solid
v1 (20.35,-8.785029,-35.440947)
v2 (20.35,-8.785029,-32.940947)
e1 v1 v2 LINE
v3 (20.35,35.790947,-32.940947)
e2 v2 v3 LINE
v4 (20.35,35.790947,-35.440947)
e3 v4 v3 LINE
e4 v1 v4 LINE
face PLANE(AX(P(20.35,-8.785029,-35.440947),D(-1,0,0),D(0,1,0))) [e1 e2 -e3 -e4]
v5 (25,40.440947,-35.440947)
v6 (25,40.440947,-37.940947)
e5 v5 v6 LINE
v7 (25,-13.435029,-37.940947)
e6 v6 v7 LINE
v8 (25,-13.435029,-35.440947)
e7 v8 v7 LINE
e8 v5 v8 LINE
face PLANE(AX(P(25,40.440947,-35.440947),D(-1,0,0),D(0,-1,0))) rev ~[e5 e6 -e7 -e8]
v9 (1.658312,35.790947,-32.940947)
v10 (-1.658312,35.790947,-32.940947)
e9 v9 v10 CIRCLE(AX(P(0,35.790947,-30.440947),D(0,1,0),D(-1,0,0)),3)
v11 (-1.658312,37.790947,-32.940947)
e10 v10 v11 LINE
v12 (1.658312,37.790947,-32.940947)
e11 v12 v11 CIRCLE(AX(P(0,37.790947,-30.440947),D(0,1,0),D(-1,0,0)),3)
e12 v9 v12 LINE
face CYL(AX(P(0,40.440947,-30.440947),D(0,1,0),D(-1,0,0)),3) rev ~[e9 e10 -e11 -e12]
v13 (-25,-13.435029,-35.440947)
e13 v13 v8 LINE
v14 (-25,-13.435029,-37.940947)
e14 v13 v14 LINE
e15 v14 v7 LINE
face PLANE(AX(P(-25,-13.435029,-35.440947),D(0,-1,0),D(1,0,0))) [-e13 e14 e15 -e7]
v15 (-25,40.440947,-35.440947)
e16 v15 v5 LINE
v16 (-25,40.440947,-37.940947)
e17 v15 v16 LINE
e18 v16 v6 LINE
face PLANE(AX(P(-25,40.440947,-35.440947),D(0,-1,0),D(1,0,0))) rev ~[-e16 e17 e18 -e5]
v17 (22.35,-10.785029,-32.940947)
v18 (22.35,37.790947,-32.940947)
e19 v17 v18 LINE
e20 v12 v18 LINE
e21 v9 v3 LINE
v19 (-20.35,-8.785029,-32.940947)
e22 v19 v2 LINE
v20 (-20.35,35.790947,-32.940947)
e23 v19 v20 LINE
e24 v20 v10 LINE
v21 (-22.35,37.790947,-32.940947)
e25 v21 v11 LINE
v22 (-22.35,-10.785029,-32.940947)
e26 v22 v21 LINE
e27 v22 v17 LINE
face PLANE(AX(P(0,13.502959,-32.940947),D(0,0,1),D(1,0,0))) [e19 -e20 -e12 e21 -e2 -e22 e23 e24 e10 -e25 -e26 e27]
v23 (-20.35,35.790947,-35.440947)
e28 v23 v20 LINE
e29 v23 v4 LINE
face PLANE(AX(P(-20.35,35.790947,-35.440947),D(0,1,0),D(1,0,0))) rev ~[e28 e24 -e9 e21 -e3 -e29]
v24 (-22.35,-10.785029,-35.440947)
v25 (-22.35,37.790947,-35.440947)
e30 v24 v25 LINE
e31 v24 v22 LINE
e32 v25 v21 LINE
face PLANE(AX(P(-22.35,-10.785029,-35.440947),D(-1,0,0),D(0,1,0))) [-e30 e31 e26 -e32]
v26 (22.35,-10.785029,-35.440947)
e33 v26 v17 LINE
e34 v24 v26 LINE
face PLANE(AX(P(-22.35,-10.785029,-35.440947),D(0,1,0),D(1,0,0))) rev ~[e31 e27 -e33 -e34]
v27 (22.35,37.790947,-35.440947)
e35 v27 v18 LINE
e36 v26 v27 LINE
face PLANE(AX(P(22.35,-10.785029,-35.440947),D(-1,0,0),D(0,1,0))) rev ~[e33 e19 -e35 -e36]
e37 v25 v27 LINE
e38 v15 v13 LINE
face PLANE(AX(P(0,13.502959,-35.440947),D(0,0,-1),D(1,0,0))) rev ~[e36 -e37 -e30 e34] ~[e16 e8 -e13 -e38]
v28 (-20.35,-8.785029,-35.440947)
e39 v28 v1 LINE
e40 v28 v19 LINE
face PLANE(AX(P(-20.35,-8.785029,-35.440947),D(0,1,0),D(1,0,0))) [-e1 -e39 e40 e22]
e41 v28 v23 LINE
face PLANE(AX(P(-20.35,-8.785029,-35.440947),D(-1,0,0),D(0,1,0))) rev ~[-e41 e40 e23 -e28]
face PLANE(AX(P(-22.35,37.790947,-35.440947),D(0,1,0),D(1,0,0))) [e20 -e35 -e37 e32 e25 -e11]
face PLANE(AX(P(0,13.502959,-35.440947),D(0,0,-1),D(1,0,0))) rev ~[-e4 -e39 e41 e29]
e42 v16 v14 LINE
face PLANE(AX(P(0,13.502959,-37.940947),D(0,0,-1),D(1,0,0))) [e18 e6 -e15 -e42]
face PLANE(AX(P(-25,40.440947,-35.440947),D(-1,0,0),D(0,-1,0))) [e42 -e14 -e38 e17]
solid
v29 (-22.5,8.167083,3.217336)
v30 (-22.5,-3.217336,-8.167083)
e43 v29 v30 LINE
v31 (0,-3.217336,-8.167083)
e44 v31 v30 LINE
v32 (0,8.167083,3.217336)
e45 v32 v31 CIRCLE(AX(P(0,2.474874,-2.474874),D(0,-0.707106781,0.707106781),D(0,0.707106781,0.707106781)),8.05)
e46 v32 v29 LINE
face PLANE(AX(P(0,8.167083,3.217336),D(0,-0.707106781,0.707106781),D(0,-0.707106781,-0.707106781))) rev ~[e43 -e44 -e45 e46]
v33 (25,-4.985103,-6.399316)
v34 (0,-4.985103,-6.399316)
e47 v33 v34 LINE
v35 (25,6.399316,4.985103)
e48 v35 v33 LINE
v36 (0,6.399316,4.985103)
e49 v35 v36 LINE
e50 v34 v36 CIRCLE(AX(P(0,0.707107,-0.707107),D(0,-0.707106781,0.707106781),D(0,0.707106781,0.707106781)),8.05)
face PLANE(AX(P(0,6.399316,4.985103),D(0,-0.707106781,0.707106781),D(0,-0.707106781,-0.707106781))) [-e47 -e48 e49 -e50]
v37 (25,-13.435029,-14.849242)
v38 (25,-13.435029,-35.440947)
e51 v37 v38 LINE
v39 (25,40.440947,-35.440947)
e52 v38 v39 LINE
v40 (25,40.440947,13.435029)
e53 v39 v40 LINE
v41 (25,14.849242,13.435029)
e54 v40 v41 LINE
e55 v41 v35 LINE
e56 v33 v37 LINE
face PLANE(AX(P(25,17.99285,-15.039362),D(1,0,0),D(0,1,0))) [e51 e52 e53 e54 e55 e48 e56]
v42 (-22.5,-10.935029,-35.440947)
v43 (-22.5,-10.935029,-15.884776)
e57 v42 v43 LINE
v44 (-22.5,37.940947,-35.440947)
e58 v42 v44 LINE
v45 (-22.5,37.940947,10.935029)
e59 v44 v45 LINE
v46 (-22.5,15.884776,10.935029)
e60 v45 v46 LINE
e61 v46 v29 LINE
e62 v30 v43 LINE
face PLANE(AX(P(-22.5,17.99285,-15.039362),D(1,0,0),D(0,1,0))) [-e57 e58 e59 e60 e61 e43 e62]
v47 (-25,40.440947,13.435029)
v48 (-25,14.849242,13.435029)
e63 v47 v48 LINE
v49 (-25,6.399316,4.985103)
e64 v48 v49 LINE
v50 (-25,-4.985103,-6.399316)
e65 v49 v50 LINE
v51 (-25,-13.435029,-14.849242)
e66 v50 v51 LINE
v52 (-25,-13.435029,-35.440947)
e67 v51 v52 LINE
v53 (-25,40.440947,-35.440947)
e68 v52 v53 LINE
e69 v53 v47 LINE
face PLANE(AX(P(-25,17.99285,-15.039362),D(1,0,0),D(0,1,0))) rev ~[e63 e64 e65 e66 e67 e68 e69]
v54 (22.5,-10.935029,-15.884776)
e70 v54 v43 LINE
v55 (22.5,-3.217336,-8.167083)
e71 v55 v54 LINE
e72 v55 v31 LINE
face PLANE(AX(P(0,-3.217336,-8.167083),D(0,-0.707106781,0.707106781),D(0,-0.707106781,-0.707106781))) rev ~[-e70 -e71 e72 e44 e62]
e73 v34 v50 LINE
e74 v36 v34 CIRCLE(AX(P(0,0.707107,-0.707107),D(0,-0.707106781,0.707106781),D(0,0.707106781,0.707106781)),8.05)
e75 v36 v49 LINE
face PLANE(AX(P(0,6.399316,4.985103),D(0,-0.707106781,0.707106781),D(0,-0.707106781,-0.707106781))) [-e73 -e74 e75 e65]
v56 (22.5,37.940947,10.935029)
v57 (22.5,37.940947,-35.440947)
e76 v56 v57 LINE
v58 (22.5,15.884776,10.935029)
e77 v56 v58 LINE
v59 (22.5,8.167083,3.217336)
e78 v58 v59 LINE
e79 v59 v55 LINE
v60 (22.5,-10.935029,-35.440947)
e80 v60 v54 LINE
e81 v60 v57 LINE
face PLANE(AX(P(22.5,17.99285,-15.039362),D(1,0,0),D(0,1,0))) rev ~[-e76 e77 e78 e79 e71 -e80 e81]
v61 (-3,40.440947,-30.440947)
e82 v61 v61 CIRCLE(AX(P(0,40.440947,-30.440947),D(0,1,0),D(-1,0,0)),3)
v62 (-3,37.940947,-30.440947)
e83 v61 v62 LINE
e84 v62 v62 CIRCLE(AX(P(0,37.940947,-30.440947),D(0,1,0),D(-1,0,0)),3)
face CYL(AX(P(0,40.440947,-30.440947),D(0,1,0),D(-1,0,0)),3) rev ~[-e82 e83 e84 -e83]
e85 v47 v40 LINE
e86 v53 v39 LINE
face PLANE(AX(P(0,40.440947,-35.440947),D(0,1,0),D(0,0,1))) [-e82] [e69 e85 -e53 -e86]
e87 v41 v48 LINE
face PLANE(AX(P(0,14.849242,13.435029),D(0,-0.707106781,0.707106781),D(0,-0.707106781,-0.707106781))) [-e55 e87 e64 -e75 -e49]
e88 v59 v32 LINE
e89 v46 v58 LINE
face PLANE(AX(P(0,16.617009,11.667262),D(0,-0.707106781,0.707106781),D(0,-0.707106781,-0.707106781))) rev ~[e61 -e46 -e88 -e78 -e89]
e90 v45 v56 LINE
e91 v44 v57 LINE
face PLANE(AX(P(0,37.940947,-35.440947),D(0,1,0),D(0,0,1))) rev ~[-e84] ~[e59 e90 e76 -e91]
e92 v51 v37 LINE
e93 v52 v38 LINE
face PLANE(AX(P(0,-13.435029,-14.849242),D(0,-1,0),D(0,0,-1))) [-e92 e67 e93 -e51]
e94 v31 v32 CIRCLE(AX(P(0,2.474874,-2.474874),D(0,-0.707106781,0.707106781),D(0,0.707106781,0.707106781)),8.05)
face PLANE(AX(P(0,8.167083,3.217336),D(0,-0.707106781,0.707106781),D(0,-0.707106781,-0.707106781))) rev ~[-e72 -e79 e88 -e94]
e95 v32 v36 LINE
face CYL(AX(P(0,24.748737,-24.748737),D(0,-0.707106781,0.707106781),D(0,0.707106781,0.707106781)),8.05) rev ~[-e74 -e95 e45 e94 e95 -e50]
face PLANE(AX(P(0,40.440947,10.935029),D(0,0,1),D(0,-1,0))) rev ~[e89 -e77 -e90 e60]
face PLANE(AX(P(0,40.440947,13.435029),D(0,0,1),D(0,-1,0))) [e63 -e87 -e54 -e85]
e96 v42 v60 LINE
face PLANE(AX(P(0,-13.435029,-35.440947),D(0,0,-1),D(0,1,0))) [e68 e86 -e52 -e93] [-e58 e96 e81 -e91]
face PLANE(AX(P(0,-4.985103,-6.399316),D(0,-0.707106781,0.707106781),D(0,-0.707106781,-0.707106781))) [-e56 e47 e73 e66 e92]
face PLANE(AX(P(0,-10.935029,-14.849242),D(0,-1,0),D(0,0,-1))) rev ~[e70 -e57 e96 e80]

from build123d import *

# Parameters (mm, degrees)
F3_DEPTH  = 25
F4_T      = -2.5
F6_W      = 50
F6_H      = 53.8759757726
F6_W_2    = 45
F6_H_2    = 48.8759757726
F7_DEPTH  = 2.5
F8_W      = 44.7
F8_H      = 48.5759757726
F8_W_2    = 40.7
F8_H_2    = 44.5759757726
F9_DEPTH  = 2.5
F10_R     = 3
F11_DEPTH = 25


with BuildPart() as f1:
    # F0 (on Right) → F1 (revolve)
    with BuildSketch(Plane.YZ):
        Polygon((5.6922095886, 5.6922095886), (0, 0), (24.7487373415, -24.7487373415), (30.4409469301, -19.056527753), align=None)
    revolve(axis=Axis((0, 12.3743686708, -12.3743686708), (0, -0.7071067812, 0.7071067812)))


with BuildPart() as f3:
    # F2 (on Right) → F3 (new body, symmetric)
    with BuildSketch(Plane.YZ):
        Polygon((-4.9851028074, -6.3993163697), (-13.4350288425, -14.8492424049), (-13.4350288425, -35.4409469301), (40.4409469301, -35.4409469301), (40.4409469301, 13.4350288425), (14.8492424049, 13.4350288425), (6.3993163697, 4.9851028074), (7.8135299321, 3.570889245), (15.6776695297, 11.4350288425), (38.4409469301, 11.4350288425), (38.4409469301, -33.4409469301), (-11.4350288425, -33.4409469301), (-11.4350288425, -15.6776695297), (-3.570889245, -7.8135299321), align=None)
        Polygon((6.3993163697, 4.9851028074), (-4.9851028074, -6.3993163697), (-3.570889245, -7.8135299321), (7.8135299321, 3.570889245), align=None)
        Polygon((7.8135299321, 3.570889245), (-3.570889245, -7.8135299321), (-11.4350288425, -15.6776695297), (-11.4350288425, -33.4409469301), (38.4409469301, -33.4409469301), (38.4409469301, 11.4350288425), (15.6776695297, 11.4350288425), align=None)
    extrude(amount=F3_DEPTH, both=True)

    # F4
    f4_openings = [f3.faces().sort_by_distance(p)[0] for p in [
        (0, 13.502959, -35.440947),
    ]]
    offset(amount=F4_T, openings=f4_openings)

    # F5: cut F1
    add(f1.part, mode=Mode.SUBTRACT)


with BuildPart() as f7:
    # F6 (on face) → F7 (new body)
    with BuildSketch(Plane(origin=(0, 0, -35.4409469301), x_dir=(1, 0, 0), z_dir=(0, 0, -1))):
        with Locations((0, -13.5029590438)):
            Rectangle(F6_W, F6_H)
        with Locations((0, -13.5029590438)):
            Rectangle(F6_W_2, F6_H_2, mode=Mode.SUBTRACT)
        with Locations((0, -13.5029590438)):
            Rectangle(F6_W_2, F6_H_2)
    extrude(amount=F7_DEPTH)

    # F8 (on face) → F9 (join)
    with BuildSketch(Plane.XY.offset(-35.4409469301)):
        with Locations((0, 13.5029590438)):
            Rectangle(F8_W, F8_H)
        with Locations((0, 13.5029590438)):
            Rectangle(F8_W_2, F8_H_2, mode=Mode.SUBTRACT)
    extrude(amount=F9_DEPTH)


with BuildPart() as f11_tool:
    # F10 (on face) → F11 (new body)
    with BuildSketch(Plane(origin=(0, 40.4409469301, 0), x_dir=(-1, 0, 0), z_dir=(0, 1, 0))):
        with Locations((0, -30.4409469301)):
            Circle(F10_R)
    extrude(amount=-F11_DEPTH)


with BuildPart() as f3_1:
    add(f3.part)

    # F11: cut by f11_tool
    add(f11_tool.part, mode=Mode.SUBTRACT)


with BuildPart() as f7_1:
    add(f7.part)

    # F11: cut by f11_tool
    add(f11_tool.part, mode=Mode.SUBTRACT)


solid = Compound([f3_1.part, f7_1.part])
